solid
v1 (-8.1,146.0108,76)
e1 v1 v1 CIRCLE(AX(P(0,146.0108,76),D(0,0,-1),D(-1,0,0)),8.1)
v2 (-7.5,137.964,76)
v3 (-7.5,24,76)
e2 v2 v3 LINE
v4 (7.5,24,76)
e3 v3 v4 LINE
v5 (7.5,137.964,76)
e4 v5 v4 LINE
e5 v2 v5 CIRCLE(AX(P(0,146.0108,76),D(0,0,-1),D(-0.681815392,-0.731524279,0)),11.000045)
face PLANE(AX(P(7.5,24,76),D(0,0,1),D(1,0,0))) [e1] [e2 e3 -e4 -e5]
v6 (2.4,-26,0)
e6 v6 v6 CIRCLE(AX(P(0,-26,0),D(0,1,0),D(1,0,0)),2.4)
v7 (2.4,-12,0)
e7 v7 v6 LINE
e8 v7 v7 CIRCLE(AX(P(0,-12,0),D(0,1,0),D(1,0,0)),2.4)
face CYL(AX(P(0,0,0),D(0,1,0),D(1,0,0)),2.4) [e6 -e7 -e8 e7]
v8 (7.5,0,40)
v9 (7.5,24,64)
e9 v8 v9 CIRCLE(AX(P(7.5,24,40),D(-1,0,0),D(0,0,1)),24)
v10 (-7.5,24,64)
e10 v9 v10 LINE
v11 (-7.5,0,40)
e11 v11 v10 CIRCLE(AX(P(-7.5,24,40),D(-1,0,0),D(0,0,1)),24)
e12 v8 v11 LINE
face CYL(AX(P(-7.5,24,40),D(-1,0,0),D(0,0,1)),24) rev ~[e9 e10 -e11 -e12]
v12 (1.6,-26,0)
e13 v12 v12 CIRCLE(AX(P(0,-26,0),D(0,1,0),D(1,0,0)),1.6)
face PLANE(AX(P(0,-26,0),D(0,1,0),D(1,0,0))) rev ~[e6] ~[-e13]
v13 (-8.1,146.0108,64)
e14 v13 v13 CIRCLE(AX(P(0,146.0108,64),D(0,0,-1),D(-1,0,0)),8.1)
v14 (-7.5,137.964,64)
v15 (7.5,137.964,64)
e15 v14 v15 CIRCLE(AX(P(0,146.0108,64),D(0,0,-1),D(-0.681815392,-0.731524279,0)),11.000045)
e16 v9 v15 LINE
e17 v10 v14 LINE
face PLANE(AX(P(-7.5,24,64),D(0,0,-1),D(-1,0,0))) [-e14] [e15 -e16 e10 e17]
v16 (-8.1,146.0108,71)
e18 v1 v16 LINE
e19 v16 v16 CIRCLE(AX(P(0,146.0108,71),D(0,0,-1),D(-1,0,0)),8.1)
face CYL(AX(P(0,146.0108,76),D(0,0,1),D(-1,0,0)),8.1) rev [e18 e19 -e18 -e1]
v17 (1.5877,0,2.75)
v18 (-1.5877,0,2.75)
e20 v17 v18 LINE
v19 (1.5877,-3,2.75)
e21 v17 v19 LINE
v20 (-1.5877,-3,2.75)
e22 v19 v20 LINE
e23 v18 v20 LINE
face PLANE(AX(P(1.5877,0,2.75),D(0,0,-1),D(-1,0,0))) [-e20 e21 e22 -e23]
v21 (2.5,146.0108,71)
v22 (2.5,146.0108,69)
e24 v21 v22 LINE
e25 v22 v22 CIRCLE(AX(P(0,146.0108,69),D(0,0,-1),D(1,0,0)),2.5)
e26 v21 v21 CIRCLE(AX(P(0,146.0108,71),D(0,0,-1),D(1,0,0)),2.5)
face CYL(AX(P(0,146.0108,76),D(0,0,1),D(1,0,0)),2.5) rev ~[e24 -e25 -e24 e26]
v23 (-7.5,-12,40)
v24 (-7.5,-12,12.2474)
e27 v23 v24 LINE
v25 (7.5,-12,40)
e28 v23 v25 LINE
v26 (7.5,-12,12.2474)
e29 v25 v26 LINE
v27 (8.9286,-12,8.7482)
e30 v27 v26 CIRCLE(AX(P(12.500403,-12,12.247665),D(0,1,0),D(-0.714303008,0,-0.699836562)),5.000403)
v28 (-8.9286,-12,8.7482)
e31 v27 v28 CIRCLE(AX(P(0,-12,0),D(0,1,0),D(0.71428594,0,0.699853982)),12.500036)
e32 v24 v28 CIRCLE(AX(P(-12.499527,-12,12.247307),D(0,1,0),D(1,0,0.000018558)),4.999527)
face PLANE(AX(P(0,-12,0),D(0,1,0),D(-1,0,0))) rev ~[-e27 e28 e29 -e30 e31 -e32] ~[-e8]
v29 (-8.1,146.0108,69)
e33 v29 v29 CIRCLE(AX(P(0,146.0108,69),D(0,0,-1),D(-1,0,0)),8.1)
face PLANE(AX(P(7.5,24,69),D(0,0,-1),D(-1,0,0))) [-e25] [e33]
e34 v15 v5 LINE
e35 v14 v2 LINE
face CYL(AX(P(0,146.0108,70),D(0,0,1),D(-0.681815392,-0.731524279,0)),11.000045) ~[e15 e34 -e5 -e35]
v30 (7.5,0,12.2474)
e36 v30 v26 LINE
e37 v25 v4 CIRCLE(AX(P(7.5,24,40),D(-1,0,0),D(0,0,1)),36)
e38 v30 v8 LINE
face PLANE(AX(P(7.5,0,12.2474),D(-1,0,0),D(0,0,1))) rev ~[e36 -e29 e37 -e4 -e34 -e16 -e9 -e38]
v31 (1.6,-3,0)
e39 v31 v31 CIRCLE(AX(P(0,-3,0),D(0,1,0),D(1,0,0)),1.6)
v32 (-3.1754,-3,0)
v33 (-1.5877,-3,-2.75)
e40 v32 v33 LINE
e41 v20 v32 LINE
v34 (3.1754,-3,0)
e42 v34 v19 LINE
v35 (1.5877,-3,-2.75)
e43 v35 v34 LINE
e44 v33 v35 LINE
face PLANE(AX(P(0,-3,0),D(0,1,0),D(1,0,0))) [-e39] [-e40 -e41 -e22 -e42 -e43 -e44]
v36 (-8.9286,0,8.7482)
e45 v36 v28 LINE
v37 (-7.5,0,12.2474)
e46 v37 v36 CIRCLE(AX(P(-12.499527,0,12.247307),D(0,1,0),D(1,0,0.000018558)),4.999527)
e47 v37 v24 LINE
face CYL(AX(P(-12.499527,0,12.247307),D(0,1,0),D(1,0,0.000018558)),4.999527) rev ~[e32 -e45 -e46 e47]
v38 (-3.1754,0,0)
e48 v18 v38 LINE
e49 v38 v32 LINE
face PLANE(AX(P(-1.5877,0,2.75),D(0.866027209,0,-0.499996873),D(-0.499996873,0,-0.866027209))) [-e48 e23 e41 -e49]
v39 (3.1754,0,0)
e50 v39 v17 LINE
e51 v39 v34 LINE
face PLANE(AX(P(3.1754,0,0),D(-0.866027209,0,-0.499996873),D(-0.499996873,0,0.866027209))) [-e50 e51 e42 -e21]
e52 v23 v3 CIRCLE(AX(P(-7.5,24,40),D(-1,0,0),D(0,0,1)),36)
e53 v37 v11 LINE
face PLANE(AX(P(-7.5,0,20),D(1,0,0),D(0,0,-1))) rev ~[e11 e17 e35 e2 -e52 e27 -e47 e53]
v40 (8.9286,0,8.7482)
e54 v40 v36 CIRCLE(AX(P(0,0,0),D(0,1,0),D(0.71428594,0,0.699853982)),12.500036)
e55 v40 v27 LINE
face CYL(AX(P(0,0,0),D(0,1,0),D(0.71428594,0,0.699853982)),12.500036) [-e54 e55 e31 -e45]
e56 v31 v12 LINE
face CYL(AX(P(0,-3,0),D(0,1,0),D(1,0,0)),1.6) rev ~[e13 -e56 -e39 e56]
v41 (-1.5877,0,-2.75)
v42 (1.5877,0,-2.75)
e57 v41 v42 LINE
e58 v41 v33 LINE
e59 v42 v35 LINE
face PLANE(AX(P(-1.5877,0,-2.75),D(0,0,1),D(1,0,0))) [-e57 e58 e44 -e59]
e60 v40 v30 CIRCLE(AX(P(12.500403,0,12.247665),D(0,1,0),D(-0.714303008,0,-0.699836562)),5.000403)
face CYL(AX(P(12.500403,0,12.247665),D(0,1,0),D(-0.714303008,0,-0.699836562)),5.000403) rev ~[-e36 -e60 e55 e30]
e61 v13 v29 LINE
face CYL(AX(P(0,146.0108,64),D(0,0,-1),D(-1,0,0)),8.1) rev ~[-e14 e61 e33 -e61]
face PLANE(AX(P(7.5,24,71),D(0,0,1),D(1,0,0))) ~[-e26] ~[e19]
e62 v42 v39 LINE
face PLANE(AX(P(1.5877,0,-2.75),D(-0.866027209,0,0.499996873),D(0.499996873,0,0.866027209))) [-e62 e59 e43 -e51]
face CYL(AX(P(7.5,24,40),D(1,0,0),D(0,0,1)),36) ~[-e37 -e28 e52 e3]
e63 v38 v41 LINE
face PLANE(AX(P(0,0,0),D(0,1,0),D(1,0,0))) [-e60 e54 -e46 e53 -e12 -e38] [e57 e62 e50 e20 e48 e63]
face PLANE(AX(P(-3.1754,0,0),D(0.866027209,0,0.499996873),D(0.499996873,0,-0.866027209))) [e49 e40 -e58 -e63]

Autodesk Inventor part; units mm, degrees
ref_plane "YZ Plane" through (0, 0, 0) normal (1, 0, 0) x (0, 1, 0)
ref_plane "XZ Plane" through (0, 0, 0) normal (0, 1, 0) x (-1, 0, 0)
sketch "Sketch1" plane through (0, 0, 0) normal (0, 1, 0) x (-1, 0, 0)
  arc A0 (-8.9286, 8.7482) -> (8.9286, 8.7482) centre (0, 0) ccw
  line L0 (-7.5, 12.2474) -> (-7.5, 20)
  line L1 (7.5, 20) -> (7.5, 12.2474)
  line L2 (7.5, 20) -> (-7.5, 20)
  arc A1 (7.5, 12.2474) -> (8.9286, 8.7482) centre (12.5, 12.2474) ccw
  arc A2 (-8.9286, 8.7482) -> (-7.5, 12.2474) centre (-12.5, 12.2474) ccw
  point P0 (7.5, 10)
  point P1 (-7.5, 10)
  point P2 (0, 10)
  point P3 (0, 20)
  dimension "d0" = 25
  dimension "d109" = 5
  dimension "d129" = 15
  dimension "d131" = 10
extrude "Extrusion1" add sketch "Sketch1" against normal blind 12
sketch "Sketch22" plane through (-7.5, 0, 20) normal (0, 0, 1) x (1, 0, 0)
  line L0 (0, 0) -> (0, -12) projected
  line L1 (15, -12) -> (0, -12) projected
  line L2 (0, 0) -> (15, 0)
  line L3 (15, 0) -> (15, -12)
  line L4 (15, -12) -> (0, -12)
  line L5 (0, -12) -> (0, 0)
  point P0 (7.5, 0)
sketch "Sketch23" plane through (0, 0, 0) normal (1, 0, 0) x (0, 1, 0)
  line L0 (0, 20) -> (-12, 20) projected
  line L1 (-6, 20) -> (-6, 40)
  line L2 (24, 70) -> (134.0108, 70)
  arc A0 (24, 70) -> (-6, 40) centre (24, 40) ccw
  point P0 (0, 0)
  point P1 (-6, 70)
  dimension "d110" = 50
  dimension "d111" = 140.0108
  dimension "d112" = 90
  dimension "d113" = 30
sweep "Sweep2" add profiles "Sketch22" path "Sketch23" path curves L1 A0 L2
ref_plane "Work Plane11" through (7.5, 24, 70) normal (0, 0, -1) x (-1, 0, 0)
sketch "Sketch24" plane through (7.5, 24, 70) normal (0, 0, -1) x (-1, 0, 0)
  line L0 (0, 110.0108) -> (15, 110.0108)
  line L1 (0, 110.0108) -> (15, 110.0108)
  line L2 (0, 110.0108) -> (0, 113.964)
  line L3 (15, 110.0108) -> (15, 113.964)
  arc A0 (15, 113.964) -> (0, 113.964) centre (7.5, 122.0108) ccw
  line L4 (0, 110.0108) -> (15, 110.0108) projected
  point P0 (7.5, -24)
  point P1 (7.5, 110.0108)
  point P2 (7.5, 110.0108)
  dimension "d139" = 22
  dimension "d140" = 12
  dimension "d141" = 15
extrude "Extrusion17" add sketch "Sketch24" along normal mid plane 12
sketch "Sketch25" plane through (-7.5, 24, 76) normal (0, 0, 1) x (1, 0, 0)
  circle A0 centre (7.5, 122.0108) radius 2.5
  arc A1 (15, 113.964) -> (0, 113.964) centre (7.5, 122.0108) ccw projected
  point P0 (7.5, -24)
  dimension "d123" = 5
extrude "Extrusion18" cut sketch "Sketch25" against normal through all
sketch "Sketch27" plane through (0, 0, 0) normal (0, 1, 0) x (1, 0, 0)
  arc A0 (8.9286, -8.7482) -> (-8.9286, -8.7482) centre (0, 0) ccw projected
  circle A1 centre (0, 0) radius 2.4
  dimension "d136" = 4.8
extrude "Extrusion20" add sketch "Sketch27" against normal blind 26
sketch "Sketch28" plane through (7.5, 24, 64) normal (0, 0, -1) x (-1, 0, 0)
  circle A0 centre (7.5, 122.0108) radius 2.5 projected
  circle A1 centre (7.5, 122.0108) radius 8.1
  point P0 (7.5, -24)
  dimension "d142" = 16.2
extrude "Extrusion21" cut sketch "Sketch28" against normal blind 5
mirror "Mirror2" about plane through (7.5, 24, 70) normal (0, 0, -1) of "Extrusion21"
sketch "Sketch29" plane through (0, 0, 0) normal (0, 1, 0) x (1, 0, 0)
  circle A0 centre (0, 0) radius 2.4 projected
  line L0 (3.1754, 0) -> (1.5877, -2.75)
  line L1 (1.5877, -2.75) -> (-1.5877, -2.75)
  line L2 (-1.5877, -2.75) -> (-3.1754, 0)
  line L3 (-3.1754, 0) -> (-1.5877, 2.75)
  line L4 (-1.5877, 2.75) -> (1.5877, 2.75)
  line L5 (1.5877, 2.75) -> (3.1754, 0)
  dimension "d145" = 5.5
extrude "Extrusion22" cut sketch "Sketch29" against normal blind 3 contours A0 | L0 L1 L2 L3 L4 L5
sketch "Sketch30" plane through (0, -3, 0) normal (0, 1, 0) x (1, 0, 0)
  circle A0 centre (0, 0) radius 1.6
  dimension "d148" = 3.2
extrude "Extrusion23" cut sketch "Sketch30" against normal through all
properties part number "distal_link_2"
